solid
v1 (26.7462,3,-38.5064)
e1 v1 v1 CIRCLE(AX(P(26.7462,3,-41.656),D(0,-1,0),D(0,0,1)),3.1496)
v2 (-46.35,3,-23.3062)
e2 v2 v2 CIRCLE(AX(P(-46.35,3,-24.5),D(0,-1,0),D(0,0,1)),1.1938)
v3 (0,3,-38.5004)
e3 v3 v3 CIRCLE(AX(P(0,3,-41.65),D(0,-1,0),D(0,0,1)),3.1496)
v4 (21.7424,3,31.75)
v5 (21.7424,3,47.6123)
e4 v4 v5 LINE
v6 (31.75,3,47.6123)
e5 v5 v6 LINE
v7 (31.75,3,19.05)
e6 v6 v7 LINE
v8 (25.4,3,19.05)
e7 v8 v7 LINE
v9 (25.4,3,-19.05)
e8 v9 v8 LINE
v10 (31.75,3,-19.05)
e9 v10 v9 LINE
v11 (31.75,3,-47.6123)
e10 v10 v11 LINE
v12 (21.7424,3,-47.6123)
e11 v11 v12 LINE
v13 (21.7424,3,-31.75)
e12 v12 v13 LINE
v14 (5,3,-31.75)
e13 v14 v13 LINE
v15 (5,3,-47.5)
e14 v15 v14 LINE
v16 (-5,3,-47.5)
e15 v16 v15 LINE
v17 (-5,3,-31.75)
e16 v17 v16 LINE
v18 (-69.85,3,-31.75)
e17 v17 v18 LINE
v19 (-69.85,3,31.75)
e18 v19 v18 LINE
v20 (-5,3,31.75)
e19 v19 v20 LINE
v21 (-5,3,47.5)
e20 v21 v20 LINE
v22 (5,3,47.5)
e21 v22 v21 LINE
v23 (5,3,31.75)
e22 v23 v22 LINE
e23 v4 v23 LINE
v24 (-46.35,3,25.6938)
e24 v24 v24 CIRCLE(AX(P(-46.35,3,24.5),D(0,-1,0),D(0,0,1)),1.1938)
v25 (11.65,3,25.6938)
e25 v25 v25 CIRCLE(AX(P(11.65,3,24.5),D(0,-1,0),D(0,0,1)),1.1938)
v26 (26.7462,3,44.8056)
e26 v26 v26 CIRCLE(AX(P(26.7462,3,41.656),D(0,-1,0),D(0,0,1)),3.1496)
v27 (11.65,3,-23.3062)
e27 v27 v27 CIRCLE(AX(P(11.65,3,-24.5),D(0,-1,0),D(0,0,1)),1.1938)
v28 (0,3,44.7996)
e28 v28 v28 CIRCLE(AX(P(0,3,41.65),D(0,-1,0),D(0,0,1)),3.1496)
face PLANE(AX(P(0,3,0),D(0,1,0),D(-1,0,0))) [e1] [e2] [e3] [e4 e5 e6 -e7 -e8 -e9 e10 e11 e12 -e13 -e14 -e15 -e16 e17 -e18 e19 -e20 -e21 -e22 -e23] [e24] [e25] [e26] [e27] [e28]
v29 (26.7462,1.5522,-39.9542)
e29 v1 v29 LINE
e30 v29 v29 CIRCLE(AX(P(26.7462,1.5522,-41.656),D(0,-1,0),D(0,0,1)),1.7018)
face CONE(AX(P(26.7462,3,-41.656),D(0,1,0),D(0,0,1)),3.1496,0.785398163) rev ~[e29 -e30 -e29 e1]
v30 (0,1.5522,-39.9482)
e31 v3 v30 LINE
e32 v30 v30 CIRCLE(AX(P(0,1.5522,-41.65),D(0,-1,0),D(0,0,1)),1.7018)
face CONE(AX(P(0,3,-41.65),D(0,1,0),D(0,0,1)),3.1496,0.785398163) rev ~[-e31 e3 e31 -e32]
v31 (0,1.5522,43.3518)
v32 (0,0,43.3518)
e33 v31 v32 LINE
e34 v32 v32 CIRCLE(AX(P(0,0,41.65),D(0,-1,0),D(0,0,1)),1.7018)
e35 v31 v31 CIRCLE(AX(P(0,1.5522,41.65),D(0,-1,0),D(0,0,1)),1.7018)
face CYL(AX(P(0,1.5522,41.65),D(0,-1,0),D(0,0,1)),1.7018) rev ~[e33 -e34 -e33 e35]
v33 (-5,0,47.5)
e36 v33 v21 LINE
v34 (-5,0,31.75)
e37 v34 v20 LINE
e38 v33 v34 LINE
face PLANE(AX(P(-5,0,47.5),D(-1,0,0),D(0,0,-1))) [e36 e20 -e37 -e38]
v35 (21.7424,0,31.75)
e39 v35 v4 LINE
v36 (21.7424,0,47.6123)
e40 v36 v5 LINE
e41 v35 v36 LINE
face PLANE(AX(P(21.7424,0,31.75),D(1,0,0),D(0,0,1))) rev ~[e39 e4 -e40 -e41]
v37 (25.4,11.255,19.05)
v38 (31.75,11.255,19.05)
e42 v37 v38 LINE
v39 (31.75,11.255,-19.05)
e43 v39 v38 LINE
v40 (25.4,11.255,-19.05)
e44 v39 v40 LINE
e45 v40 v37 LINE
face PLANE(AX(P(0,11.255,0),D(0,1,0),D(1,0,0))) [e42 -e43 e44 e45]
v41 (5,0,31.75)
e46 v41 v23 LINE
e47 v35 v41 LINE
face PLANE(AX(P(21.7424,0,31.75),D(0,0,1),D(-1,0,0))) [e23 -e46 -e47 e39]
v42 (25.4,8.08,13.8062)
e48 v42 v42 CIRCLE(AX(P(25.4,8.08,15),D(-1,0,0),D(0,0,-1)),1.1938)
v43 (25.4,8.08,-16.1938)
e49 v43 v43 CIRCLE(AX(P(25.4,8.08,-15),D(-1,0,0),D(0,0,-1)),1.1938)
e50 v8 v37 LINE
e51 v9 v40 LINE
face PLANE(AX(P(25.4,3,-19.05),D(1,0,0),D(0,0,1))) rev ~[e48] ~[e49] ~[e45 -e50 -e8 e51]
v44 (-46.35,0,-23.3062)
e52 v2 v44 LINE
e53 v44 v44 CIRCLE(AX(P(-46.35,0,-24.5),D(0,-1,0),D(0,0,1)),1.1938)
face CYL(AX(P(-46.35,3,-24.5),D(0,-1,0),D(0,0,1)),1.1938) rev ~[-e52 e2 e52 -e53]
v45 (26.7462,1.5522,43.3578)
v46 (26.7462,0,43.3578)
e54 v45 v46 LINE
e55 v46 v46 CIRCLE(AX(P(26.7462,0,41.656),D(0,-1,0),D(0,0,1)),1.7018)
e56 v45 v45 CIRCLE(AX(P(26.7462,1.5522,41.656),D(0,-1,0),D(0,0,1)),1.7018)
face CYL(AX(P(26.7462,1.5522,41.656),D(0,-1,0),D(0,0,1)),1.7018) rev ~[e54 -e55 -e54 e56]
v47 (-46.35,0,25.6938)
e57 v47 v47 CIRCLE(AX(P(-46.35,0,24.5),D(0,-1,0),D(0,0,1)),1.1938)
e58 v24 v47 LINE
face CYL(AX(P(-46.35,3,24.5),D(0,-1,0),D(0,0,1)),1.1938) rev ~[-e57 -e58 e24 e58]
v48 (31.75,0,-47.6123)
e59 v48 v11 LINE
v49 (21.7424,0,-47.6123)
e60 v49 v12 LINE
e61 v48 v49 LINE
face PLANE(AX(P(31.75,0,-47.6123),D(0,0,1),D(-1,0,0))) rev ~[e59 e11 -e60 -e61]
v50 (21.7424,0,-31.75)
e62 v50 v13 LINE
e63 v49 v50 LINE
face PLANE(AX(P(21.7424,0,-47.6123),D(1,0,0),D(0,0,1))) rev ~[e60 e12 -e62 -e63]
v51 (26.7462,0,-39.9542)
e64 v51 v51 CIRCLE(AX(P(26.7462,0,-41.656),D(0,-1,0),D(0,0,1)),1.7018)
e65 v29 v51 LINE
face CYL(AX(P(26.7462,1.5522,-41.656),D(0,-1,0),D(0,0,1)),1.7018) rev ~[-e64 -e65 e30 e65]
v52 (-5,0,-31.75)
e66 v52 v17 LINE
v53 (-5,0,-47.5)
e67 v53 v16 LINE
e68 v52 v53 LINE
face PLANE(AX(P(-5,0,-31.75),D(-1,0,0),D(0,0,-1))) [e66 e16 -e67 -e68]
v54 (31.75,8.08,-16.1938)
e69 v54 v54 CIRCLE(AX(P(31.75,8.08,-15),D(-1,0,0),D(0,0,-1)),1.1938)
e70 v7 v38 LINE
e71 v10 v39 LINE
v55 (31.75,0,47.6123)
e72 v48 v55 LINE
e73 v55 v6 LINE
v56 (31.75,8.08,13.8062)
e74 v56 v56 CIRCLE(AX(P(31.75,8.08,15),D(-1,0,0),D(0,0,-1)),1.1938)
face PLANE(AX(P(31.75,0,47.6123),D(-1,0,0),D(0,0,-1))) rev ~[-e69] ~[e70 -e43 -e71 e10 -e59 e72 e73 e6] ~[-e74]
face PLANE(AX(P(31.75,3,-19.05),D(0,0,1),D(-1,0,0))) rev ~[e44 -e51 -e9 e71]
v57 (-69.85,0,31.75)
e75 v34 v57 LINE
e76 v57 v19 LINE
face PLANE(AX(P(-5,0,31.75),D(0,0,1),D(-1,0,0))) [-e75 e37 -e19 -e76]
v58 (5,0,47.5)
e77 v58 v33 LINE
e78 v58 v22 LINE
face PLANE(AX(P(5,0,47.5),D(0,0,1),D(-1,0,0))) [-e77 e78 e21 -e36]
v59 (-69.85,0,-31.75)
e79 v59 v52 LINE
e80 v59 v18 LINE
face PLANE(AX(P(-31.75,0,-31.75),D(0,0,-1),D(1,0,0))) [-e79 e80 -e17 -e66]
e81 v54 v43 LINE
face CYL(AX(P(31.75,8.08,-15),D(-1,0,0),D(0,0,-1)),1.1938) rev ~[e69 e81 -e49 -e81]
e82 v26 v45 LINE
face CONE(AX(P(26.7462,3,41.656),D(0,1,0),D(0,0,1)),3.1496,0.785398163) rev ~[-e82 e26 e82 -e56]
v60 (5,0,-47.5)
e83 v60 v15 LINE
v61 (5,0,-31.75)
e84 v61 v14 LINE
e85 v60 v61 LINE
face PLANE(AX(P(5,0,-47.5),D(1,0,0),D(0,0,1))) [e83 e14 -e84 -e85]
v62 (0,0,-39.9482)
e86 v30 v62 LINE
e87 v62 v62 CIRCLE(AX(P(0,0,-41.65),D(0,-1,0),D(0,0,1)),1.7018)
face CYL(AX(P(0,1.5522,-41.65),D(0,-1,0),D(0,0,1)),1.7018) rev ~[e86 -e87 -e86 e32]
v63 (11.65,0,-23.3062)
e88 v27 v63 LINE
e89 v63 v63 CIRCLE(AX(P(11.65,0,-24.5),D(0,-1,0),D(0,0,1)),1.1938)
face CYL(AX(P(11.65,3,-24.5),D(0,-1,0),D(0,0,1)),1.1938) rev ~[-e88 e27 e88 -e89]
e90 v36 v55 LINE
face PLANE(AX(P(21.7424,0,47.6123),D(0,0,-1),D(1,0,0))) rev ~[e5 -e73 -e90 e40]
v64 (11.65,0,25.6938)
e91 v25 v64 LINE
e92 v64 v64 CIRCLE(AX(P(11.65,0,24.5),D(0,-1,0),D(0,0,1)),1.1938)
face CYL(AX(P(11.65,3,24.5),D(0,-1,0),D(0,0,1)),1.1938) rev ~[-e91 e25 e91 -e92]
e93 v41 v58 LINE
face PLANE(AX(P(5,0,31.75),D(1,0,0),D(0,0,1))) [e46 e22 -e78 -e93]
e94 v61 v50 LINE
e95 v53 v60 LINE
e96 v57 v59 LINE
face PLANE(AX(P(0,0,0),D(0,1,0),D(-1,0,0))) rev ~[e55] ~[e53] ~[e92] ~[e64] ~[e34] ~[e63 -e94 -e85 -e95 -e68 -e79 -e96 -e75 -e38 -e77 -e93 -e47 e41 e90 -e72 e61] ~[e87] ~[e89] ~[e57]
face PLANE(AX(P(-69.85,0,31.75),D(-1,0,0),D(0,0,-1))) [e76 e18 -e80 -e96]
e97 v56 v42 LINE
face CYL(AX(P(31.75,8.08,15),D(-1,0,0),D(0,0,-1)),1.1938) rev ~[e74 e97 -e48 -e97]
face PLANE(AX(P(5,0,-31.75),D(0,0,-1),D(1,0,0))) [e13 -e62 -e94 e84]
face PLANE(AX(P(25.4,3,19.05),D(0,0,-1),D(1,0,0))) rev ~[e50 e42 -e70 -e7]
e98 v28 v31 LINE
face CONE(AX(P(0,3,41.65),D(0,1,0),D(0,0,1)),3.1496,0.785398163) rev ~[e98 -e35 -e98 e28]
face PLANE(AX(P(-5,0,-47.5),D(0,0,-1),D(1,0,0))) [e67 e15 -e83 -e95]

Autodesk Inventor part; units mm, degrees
ref_plane "YZ Plane" through (0, 0, 0) normal (1, 0, 0) x (0, 1, 0)
ref_plane "XZ Plane" through (0, 0, 0) normal (0, 1, 0) x (-1, 0, 0)
ref_plane "XY Plane" through (0, 0, 0) normal (0, 0, 1) x (1, 0, 0)
sketch "Sketch1" plane through (0, 0, 0) normal (0, 1, 0) x (-1, 0, 0)
  line L0 (-5, 47.5) -> (5, 47.5)
  line L1 (5, 47.5) -> (5, -47.5)
  line L2 (5, -47.5) -> (-5, -47.5)
  line L3 (-5, -47.5) -> (-5, 47.5)
  line L4 (-5, 47.5) -> (5, -47.5) construction
  line L5 (5, 47.5) -> (-5, -47.5) construction
  line L6 (-31.75, 31.75) -> (31.75, 31.75)
  line L7 (31.75, 31.75) -> (31.75, -31.75)
  line L8 (31.75, -31.75) -> (-31.75, -31.75)
  line L9 (-31.75, -31.75) -> (-31.75, 31.75)
  line L10 (-31.75, 31.75) -> (31.75, -31.75) construction
  line L11 (31.75, 31.75) -> (-31.75, -31.75) construction
  line L12 (31.75, 31.75) -> (69.85, 31.75)
  line L13 (69.85, 31.75) -> (69.85, -31.75)
  line L14 (69.85, -31.75) -> (31.75, -31.75)
  line L15 (31.75, -31.75) -> (31.75, 31.75)
  line L16 (-31.75, 0) -> (-26.7462, 0)
  line L17 (-21.7424, 47.6123) -> (-31.75, 47.6123)
  line L18 (-31.75, 47.6123) -> (-31.75, -47.6123)
  line L19 (-31.75, -47.6123) -> (-21.7424, -47.6123)
  line L20 (-21.7424, -47.6123) -> (-21.7424, 47.6123)
  line L21 (-21.7424, 47.6123) -> (-31.75, -47.6123) construction
  line L22 (-31.75, 47.6123) -> (-21.7424, -47.6123) construction
  point P0 (0, 0)
  point P1 (-5, -31.75)
  point P2 (-5, 31.75)
  point P3 (31.75, 31.75)
  point P4 (5, 31.75)
  point P5 (5, -31.75)
  point P6 (-21.7424, -31.75)
  point P7 (-21.7424, 31.75)
  dimension "d0" = 10
  dimension "d1" = 95
  dimension "d13" = 63.5
  dimension "d14" = 63.5
  dimension "d15" = 38.1
  dimension "d47" = 5.0038
  dimension "d48" = 95.2246
extrude "Extrusion1" add sketch "Sketch1" along normal blind 3
sketch "Sketch2" plane through (0, 3, 0) normal (0, 1, 0) x (1, 0, 0)
  line L0 (0, 0) -> (0, 41.65)
  line L1 (0, 0) -> (0, -41.65)
  line L2 (21.7424, -47.6123) -> (31.75, -47.6123) projected
  line L3 (26.7462, -47.6123) -> (26.7462, 0)
  line L4 (26.7462, 0) -> (26.7462, 41.656)
  line L5 (26.7462, 0) -> (26.7462, -41.656)
  dimension "d4" = 41.65
  dimension "d5" = 41.65
  dimension "d49" = 41.656
  dimension "d50" = 41.656
hole "Hole1" at (0, 3, 41.65) at (0, 3, -41.65) at (26.7462, 3, 41.656) at (26.7462, 3, -41.656) direction (0, -1, 0) diameter 3.4036 end through all countersink diameter 6.2992 countersink angle 90 clearance for "Flat Head Machine Screw" size "M3" standard "Ansi Metric M Profile"
sketch "Sketch3" plane through (0, 3, 0) normal (0, 1, 0) x (1, 0, 0)
  line L0 (31.75, -31.75) -> (31.75, 31.75) projected
  line L1 (31.75, 0) -> (28.575, 0)
  line L2 (25.4, -19.05) -> (31.75, -19.05)
  line L3 (31.75, -19.05) -> (31.75, 19.05)
  line L4 (31.75, 19.05) -> (25.4, 19.05)
  line L5 (25.4, 19.05) -> (25.4, -19.05)
  line L6 (25.4, -19.05) -> (31.75, 19.05) construction
  line L7 (31.75, -19.05) -> (25.4, 19.05) construction
  point P0 (0, 0)
  dimension "d16" = 3.175
  dimension "d17" = 38.1
extrude "Extrusion2" add sketch "Sketch3" along normal blind 8.255
sketch "Sketch4" plane through (31.75, 0, 31.75) normal (1, 0, 0) x (0, 0, -1)
  line L0 (12.7, 11.255) -> (50.8, 11.255) projected
  line L1 (31.75, 11.255) -> (31.75, 8.08)
  line L2 (31.75, 8.08) -> (46.75, 8.08)
  line L3 (46.75, 8.08) -> (16.75, 8.08)
  point P0 (31.75, 0)
  dimension "d20" = 3.175
  dimension "d21" = 15
  dimension "d22" = 30
hole "Hole2" at (31.75, 8.08, 15) at (31.75, 8.08, -15) direction (-1, 0, 0) diameter 2.3876 end through all clearance for "Flat Head Machine Screw" size "M2" standard "Ansi Metric M Profile"
sketch "Sketch5" plane through (0, 3, 0) normal (0, 1, 0) x (1, 0, 0)
  line L0 (-69.85, 31.75) -> (-69.85, -31.75) projected
  line L1 (-69.85, 0) -> (-69.85, 24.5)
  line L2 (-69.85, 24.5) -> (-69.85, -24.5)
  line L3 (-69.85, -24.5) -> (15.15, -24.5)
  line L4 (15.15, -24.5) -> (-69.85, -24.5)
  line L5 (-69.85, -24.5) -> (-69.85, 24.5)
  line L6 (-69.85, 24.5) -> (15.15, 24.5)
  line L7 (15.15, 24.5) -> (15.15, -24.5)
  line L8 (15.15, -24.5) -> (11.65, -24.5)
  line L9 (11.65, -24.5) -> (11.65, -21)
  line L10 (11.65, -21) -> (15.15, -21)
  line L11 (15.15, -21) -> (15.15, -24.5)
  line L12 (15.15, 24.5) -> (11.65, 24.5)
  line L13 (11.65, 24.5) -> (11.65, 21)
  line L14 (11.65, 21) -> (15.15, 21)
  line L15 (15.15, 21) -> (15.15, 24.5)
  line L16 (11.65, -21) -> (-46.35, -21)
  line L17 (11.65, -21) -> (69.65, -21) construction
  line L18 (11.65, 21) -> (-46.35, 21)
  line L19 (-46.35, 21) -> (-46.35, 24.5)
  line L20 (-46.35, -21) -> (-46.35, -24.5)
  point P0 (0, 0)
  dimension "d30" = 24.5
  dimension "d31" = 49
  dimension "d32" = 85
  dimension "d33" = 3.5
  dimension "d34" = 3.5
  dimension "d35" = 3.5
  dimension "d36" = 3.5
  dimension "d37" = 58
  dimension "d38" = 180
  dimension "d39" = 58
hole "Hole3" at (11.65, 3, 24.5) at (11.65, 3, -24.5) at (-46.35, 3, -24.5) at (-46.35, 3, 24.5) direction (0, -1, 0) diameter 2.3876 end through all clearance for "Flat Head Machine Screw" size "M2" standard "Ansi Metric M Profile"
properties part number "OT2-ridingcam-r1"
